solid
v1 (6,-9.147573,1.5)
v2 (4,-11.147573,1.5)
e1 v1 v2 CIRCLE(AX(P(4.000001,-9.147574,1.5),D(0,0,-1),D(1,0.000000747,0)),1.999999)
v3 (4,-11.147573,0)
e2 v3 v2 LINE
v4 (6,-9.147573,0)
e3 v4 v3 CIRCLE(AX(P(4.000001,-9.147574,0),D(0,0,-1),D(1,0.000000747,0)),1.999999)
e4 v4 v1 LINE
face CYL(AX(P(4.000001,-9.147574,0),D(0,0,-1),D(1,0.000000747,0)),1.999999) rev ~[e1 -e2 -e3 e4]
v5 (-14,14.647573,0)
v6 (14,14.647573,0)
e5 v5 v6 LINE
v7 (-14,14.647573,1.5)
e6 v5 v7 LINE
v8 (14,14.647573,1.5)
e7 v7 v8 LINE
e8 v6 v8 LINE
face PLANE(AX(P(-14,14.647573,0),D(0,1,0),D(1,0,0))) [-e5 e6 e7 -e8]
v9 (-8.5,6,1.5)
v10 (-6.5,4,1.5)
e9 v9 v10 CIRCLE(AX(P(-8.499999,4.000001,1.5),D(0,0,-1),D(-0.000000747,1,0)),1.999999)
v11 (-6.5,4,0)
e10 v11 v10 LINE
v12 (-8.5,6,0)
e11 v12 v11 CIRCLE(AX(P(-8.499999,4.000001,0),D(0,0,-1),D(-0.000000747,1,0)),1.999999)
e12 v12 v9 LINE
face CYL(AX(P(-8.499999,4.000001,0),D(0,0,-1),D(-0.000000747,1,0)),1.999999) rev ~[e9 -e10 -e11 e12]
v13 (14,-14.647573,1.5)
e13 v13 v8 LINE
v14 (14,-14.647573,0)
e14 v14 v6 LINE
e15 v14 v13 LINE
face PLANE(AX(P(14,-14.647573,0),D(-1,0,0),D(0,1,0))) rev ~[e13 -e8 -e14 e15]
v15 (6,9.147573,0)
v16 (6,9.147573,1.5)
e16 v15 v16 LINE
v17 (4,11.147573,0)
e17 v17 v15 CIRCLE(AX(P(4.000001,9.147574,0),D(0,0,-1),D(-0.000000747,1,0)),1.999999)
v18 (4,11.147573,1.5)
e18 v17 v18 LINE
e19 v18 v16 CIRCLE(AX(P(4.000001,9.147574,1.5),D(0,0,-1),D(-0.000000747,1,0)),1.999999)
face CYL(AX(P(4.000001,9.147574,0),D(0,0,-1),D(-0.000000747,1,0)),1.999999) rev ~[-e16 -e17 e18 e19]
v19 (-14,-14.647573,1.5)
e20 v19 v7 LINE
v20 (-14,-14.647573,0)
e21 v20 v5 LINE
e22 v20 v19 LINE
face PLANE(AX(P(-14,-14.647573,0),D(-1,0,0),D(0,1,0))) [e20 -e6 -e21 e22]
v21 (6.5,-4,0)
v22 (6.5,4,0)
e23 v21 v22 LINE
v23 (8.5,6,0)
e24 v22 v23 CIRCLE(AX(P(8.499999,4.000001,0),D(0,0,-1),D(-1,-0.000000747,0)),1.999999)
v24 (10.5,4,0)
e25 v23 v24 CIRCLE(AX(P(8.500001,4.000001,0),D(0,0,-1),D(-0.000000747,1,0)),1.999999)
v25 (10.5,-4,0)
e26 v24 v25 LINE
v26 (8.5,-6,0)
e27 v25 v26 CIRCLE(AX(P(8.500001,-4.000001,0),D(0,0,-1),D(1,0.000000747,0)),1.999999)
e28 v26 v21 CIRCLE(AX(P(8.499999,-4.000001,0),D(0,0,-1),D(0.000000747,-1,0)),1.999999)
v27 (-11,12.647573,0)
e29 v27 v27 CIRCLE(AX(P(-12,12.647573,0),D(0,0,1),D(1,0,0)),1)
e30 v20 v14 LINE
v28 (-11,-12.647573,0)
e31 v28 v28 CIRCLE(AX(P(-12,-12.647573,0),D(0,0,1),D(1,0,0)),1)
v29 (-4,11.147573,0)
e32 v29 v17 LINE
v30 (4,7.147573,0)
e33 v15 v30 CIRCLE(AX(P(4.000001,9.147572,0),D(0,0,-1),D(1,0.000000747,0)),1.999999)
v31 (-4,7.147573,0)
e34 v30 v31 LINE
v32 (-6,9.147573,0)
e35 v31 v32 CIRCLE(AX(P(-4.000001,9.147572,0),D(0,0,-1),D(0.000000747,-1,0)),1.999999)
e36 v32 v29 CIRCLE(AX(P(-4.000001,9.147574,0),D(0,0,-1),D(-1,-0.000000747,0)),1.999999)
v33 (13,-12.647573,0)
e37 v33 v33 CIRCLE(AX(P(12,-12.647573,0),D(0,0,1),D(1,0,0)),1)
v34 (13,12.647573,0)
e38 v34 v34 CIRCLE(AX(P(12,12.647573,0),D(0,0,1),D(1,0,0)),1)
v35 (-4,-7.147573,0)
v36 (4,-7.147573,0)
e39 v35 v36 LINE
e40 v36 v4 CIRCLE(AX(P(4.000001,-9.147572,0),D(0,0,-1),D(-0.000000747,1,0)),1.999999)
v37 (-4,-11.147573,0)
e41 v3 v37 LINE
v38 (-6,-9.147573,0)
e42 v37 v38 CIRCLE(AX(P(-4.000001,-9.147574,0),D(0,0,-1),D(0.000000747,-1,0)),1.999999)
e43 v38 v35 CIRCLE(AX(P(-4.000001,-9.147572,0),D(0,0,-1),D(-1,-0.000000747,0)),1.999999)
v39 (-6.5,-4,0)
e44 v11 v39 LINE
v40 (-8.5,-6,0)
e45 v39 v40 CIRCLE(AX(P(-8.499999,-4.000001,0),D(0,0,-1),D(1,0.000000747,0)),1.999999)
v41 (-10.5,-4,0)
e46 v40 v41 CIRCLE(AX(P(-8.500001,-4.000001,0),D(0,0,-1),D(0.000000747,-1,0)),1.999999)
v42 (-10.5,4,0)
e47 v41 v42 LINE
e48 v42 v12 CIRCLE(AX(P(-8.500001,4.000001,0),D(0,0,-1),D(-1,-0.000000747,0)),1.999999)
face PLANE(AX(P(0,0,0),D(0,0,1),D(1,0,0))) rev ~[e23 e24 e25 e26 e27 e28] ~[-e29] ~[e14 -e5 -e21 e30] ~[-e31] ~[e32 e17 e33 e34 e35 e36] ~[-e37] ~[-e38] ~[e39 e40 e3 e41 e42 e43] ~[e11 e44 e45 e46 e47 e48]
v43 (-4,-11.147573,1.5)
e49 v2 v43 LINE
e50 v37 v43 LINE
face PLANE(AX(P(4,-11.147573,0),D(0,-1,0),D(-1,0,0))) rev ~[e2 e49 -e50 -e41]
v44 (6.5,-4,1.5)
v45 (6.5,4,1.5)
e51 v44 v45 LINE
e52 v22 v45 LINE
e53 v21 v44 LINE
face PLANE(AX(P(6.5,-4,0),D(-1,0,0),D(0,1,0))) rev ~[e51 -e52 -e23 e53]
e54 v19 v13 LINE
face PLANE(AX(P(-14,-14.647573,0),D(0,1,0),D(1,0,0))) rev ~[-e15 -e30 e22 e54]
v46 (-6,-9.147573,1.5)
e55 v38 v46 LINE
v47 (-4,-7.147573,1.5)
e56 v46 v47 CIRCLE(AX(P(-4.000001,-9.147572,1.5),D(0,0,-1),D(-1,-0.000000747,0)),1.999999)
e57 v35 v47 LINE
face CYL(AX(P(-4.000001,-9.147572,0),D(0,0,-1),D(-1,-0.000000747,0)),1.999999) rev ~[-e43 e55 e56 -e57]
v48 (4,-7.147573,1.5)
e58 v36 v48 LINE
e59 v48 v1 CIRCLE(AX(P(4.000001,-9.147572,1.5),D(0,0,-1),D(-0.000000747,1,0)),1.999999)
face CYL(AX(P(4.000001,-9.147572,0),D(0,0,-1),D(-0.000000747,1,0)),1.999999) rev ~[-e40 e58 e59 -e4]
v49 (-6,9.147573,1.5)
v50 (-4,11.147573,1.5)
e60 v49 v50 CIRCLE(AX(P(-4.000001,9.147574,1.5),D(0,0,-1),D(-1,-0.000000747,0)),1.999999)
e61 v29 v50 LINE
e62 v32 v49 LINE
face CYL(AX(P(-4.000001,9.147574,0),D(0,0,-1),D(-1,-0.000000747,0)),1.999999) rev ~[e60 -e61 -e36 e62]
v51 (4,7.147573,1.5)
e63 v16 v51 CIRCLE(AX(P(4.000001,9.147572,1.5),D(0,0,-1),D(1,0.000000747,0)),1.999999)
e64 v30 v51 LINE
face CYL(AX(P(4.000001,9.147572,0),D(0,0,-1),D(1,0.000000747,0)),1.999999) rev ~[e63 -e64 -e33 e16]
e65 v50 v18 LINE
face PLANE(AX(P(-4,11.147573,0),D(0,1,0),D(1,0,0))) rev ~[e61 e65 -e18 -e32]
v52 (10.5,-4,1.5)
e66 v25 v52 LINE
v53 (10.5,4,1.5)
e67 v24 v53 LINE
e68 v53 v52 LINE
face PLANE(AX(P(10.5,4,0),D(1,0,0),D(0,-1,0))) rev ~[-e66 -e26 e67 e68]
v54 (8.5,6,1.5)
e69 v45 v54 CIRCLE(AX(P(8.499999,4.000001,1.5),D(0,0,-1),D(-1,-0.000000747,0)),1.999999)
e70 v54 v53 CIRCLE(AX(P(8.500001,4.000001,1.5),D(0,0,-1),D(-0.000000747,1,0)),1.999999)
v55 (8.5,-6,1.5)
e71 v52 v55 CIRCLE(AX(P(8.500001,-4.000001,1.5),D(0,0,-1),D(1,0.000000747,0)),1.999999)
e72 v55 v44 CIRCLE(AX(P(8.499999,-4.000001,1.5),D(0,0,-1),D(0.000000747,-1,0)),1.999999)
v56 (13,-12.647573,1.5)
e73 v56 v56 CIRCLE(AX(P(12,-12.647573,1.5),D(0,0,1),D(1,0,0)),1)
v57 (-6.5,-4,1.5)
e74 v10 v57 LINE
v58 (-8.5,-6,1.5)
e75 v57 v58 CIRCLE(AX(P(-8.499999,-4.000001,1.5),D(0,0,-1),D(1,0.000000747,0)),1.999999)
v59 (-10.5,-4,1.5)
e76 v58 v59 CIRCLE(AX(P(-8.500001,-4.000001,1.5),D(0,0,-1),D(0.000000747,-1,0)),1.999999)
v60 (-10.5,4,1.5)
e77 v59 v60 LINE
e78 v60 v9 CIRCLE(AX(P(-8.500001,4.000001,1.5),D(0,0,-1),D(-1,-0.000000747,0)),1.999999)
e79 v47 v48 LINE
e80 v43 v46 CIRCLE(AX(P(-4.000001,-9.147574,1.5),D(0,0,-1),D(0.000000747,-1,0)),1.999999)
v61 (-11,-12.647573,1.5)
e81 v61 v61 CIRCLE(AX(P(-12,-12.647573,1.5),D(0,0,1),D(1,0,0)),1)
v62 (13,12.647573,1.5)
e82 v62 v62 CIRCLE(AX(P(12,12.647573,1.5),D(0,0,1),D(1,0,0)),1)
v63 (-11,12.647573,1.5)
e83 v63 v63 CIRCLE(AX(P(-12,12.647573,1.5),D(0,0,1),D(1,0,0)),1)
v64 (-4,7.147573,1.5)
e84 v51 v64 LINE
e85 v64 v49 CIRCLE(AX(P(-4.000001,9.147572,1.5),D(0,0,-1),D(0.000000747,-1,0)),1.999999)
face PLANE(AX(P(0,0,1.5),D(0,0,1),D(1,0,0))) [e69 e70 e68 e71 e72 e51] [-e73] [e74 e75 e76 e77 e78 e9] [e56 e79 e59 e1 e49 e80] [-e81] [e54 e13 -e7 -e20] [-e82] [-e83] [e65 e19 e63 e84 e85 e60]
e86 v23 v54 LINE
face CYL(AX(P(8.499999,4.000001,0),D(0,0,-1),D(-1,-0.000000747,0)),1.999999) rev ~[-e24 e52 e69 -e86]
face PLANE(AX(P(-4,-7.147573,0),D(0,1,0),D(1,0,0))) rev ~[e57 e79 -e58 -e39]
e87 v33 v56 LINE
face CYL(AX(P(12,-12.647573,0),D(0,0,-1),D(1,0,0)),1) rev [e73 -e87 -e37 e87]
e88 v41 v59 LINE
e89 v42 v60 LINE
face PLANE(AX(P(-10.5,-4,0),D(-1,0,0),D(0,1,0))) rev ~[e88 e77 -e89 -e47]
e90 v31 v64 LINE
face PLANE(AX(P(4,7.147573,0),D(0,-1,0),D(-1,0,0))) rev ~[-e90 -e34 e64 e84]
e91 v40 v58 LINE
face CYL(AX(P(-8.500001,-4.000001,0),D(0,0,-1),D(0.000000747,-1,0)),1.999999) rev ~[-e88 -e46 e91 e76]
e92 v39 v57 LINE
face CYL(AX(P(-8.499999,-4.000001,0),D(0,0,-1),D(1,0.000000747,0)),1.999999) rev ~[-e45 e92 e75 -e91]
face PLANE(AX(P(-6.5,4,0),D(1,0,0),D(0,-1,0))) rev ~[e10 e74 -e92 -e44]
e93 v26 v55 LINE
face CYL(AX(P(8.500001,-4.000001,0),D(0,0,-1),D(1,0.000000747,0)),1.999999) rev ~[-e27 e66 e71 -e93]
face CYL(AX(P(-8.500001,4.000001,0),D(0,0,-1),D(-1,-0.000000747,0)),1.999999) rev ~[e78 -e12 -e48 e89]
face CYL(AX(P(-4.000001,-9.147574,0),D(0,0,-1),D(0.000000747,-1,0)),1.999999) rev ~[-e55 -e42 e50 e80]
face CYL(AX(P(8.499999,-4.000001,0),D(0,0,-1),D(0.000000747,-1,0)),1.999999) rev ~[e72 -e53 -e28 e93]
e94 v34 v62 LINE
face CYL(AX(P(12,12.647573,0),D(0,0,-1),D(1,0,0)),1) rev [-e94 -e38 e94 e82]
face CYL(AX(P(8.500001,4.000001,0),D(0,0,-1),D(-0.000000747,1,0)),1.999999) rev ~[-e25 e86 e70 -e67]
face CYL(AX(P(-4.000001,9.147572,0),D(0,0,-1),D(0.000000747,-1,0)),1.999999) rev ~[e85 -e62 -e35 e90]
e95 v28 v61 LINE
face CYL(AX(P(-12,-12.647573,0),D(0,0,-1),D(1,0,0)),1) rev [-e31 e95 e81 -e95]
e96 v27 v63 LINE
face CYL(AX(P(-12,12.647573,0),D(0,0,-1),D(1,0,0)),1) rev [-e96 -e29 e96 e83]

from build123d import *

# Parameters (mm, degrees)
F0_W     = 28
F0_H     = 29.295146
F0_R     = 1
F1_DEPTH = 1.5


with BuildPart() as f1:
    # F0 (on Top) → F1 (new body)
    with BuildSketch(Plane.XY):
        Rectangle(F0_W, F0_H)
        with Locations((-12, -12.647573)):
            Circle(F0_R, mode=Mode.SUBTRACT)
        with BuildLine():
            ThreePointArc((-10.5, 4), (-9.914214, 5.414214), (-8.5, 6))
            ThreePointArc((-8.5, 6), (-7.085786, 5.414214), (-6.5, 4))
            Line((-6.5, 4), (-6.5, -4))
            ThreePointArc((-6.5, -4), (-7.085786, -5.414214), (-8.5, -6))
            ThreePointArc((-8.5, -6), (-9.914214, -5.414214), (-10.5, -4))
            Line((-10.5, -4), (-10.5, 4))
        make_face(mode=Mode.SUBTRACT)
        with BuildLine():
            Line((4, -11.147573), (-4, -11.147573))
            ThreePointArc((-4, -11.147573), (-5.414214, -10.561787), (-6, -9.147573))
            ThreePointArc((-6, -9.147573), (-5.414214, -7.733359), (-4, -7.147573))
            Line((-4, -7.147573), (4, -7.147573))
            ThreePointArc((4, -7.147573), (5.414214, -7.733359), (6, -9.147573))
            ThreePointArc((6, -9.147573), (5.414214, -10.561787), (4, -11.147573))
        make_face(mode=Mode.SUBTRACT)
        with Locations((12, -12.647573)):
            Circle(F0_R, mode=Mode.SUBTRACT)
        with BuildLine():
            ThreePointArc((6.5, 4), (7.085786, 5.414214), (8.5, 6))
            ThreePointArc((8.5, 6), (9.914214, 5.414214), (10.5, 4))
            Line((10.5, 4), (10.5, -4))
            ThreePointArc((10.5, -4), (9.914214, -5.414214), (8.5, -6))
            ThreePointArc((8.5, -6), (7.085786, -5.414214), (6.5, -4))
            Line((6.5, -4), (6.5, 4))
        make_face(mode=Mode.SUBTRACT)
        with Locations((-12, 12.647573)):
            Circle(F0_R, mode=Mode.SUBTRACT)
        with BuildLine():
            ThreePointArc((-6, 9.147573), (-5.414214, 10.561787), (-4, 11.147573))
            Line((-4, 11.147573), (4, 11.147573))
            ThreePointArc((4, 11.147573), (5.414214, 10.561787), (6, 9.147573))
            ThreePointArc((6, 9.147573), (5.414214, 7.733359), (4, 7.147573))
            Line((4, 7.147573), (-4, 7.147573))
            ThreePointArc((-4, 7.147573), (-5.414214, 7.733359), (-6, 9.147573))
        make_face(mode=Mode.SUBTRACT)
        with Locations((12, 12.647573)):
            Circle(F0_R, mode=Mode.SUBTRACT)
    extrude(amount=F1_DEPTH)


solid = f1.part
